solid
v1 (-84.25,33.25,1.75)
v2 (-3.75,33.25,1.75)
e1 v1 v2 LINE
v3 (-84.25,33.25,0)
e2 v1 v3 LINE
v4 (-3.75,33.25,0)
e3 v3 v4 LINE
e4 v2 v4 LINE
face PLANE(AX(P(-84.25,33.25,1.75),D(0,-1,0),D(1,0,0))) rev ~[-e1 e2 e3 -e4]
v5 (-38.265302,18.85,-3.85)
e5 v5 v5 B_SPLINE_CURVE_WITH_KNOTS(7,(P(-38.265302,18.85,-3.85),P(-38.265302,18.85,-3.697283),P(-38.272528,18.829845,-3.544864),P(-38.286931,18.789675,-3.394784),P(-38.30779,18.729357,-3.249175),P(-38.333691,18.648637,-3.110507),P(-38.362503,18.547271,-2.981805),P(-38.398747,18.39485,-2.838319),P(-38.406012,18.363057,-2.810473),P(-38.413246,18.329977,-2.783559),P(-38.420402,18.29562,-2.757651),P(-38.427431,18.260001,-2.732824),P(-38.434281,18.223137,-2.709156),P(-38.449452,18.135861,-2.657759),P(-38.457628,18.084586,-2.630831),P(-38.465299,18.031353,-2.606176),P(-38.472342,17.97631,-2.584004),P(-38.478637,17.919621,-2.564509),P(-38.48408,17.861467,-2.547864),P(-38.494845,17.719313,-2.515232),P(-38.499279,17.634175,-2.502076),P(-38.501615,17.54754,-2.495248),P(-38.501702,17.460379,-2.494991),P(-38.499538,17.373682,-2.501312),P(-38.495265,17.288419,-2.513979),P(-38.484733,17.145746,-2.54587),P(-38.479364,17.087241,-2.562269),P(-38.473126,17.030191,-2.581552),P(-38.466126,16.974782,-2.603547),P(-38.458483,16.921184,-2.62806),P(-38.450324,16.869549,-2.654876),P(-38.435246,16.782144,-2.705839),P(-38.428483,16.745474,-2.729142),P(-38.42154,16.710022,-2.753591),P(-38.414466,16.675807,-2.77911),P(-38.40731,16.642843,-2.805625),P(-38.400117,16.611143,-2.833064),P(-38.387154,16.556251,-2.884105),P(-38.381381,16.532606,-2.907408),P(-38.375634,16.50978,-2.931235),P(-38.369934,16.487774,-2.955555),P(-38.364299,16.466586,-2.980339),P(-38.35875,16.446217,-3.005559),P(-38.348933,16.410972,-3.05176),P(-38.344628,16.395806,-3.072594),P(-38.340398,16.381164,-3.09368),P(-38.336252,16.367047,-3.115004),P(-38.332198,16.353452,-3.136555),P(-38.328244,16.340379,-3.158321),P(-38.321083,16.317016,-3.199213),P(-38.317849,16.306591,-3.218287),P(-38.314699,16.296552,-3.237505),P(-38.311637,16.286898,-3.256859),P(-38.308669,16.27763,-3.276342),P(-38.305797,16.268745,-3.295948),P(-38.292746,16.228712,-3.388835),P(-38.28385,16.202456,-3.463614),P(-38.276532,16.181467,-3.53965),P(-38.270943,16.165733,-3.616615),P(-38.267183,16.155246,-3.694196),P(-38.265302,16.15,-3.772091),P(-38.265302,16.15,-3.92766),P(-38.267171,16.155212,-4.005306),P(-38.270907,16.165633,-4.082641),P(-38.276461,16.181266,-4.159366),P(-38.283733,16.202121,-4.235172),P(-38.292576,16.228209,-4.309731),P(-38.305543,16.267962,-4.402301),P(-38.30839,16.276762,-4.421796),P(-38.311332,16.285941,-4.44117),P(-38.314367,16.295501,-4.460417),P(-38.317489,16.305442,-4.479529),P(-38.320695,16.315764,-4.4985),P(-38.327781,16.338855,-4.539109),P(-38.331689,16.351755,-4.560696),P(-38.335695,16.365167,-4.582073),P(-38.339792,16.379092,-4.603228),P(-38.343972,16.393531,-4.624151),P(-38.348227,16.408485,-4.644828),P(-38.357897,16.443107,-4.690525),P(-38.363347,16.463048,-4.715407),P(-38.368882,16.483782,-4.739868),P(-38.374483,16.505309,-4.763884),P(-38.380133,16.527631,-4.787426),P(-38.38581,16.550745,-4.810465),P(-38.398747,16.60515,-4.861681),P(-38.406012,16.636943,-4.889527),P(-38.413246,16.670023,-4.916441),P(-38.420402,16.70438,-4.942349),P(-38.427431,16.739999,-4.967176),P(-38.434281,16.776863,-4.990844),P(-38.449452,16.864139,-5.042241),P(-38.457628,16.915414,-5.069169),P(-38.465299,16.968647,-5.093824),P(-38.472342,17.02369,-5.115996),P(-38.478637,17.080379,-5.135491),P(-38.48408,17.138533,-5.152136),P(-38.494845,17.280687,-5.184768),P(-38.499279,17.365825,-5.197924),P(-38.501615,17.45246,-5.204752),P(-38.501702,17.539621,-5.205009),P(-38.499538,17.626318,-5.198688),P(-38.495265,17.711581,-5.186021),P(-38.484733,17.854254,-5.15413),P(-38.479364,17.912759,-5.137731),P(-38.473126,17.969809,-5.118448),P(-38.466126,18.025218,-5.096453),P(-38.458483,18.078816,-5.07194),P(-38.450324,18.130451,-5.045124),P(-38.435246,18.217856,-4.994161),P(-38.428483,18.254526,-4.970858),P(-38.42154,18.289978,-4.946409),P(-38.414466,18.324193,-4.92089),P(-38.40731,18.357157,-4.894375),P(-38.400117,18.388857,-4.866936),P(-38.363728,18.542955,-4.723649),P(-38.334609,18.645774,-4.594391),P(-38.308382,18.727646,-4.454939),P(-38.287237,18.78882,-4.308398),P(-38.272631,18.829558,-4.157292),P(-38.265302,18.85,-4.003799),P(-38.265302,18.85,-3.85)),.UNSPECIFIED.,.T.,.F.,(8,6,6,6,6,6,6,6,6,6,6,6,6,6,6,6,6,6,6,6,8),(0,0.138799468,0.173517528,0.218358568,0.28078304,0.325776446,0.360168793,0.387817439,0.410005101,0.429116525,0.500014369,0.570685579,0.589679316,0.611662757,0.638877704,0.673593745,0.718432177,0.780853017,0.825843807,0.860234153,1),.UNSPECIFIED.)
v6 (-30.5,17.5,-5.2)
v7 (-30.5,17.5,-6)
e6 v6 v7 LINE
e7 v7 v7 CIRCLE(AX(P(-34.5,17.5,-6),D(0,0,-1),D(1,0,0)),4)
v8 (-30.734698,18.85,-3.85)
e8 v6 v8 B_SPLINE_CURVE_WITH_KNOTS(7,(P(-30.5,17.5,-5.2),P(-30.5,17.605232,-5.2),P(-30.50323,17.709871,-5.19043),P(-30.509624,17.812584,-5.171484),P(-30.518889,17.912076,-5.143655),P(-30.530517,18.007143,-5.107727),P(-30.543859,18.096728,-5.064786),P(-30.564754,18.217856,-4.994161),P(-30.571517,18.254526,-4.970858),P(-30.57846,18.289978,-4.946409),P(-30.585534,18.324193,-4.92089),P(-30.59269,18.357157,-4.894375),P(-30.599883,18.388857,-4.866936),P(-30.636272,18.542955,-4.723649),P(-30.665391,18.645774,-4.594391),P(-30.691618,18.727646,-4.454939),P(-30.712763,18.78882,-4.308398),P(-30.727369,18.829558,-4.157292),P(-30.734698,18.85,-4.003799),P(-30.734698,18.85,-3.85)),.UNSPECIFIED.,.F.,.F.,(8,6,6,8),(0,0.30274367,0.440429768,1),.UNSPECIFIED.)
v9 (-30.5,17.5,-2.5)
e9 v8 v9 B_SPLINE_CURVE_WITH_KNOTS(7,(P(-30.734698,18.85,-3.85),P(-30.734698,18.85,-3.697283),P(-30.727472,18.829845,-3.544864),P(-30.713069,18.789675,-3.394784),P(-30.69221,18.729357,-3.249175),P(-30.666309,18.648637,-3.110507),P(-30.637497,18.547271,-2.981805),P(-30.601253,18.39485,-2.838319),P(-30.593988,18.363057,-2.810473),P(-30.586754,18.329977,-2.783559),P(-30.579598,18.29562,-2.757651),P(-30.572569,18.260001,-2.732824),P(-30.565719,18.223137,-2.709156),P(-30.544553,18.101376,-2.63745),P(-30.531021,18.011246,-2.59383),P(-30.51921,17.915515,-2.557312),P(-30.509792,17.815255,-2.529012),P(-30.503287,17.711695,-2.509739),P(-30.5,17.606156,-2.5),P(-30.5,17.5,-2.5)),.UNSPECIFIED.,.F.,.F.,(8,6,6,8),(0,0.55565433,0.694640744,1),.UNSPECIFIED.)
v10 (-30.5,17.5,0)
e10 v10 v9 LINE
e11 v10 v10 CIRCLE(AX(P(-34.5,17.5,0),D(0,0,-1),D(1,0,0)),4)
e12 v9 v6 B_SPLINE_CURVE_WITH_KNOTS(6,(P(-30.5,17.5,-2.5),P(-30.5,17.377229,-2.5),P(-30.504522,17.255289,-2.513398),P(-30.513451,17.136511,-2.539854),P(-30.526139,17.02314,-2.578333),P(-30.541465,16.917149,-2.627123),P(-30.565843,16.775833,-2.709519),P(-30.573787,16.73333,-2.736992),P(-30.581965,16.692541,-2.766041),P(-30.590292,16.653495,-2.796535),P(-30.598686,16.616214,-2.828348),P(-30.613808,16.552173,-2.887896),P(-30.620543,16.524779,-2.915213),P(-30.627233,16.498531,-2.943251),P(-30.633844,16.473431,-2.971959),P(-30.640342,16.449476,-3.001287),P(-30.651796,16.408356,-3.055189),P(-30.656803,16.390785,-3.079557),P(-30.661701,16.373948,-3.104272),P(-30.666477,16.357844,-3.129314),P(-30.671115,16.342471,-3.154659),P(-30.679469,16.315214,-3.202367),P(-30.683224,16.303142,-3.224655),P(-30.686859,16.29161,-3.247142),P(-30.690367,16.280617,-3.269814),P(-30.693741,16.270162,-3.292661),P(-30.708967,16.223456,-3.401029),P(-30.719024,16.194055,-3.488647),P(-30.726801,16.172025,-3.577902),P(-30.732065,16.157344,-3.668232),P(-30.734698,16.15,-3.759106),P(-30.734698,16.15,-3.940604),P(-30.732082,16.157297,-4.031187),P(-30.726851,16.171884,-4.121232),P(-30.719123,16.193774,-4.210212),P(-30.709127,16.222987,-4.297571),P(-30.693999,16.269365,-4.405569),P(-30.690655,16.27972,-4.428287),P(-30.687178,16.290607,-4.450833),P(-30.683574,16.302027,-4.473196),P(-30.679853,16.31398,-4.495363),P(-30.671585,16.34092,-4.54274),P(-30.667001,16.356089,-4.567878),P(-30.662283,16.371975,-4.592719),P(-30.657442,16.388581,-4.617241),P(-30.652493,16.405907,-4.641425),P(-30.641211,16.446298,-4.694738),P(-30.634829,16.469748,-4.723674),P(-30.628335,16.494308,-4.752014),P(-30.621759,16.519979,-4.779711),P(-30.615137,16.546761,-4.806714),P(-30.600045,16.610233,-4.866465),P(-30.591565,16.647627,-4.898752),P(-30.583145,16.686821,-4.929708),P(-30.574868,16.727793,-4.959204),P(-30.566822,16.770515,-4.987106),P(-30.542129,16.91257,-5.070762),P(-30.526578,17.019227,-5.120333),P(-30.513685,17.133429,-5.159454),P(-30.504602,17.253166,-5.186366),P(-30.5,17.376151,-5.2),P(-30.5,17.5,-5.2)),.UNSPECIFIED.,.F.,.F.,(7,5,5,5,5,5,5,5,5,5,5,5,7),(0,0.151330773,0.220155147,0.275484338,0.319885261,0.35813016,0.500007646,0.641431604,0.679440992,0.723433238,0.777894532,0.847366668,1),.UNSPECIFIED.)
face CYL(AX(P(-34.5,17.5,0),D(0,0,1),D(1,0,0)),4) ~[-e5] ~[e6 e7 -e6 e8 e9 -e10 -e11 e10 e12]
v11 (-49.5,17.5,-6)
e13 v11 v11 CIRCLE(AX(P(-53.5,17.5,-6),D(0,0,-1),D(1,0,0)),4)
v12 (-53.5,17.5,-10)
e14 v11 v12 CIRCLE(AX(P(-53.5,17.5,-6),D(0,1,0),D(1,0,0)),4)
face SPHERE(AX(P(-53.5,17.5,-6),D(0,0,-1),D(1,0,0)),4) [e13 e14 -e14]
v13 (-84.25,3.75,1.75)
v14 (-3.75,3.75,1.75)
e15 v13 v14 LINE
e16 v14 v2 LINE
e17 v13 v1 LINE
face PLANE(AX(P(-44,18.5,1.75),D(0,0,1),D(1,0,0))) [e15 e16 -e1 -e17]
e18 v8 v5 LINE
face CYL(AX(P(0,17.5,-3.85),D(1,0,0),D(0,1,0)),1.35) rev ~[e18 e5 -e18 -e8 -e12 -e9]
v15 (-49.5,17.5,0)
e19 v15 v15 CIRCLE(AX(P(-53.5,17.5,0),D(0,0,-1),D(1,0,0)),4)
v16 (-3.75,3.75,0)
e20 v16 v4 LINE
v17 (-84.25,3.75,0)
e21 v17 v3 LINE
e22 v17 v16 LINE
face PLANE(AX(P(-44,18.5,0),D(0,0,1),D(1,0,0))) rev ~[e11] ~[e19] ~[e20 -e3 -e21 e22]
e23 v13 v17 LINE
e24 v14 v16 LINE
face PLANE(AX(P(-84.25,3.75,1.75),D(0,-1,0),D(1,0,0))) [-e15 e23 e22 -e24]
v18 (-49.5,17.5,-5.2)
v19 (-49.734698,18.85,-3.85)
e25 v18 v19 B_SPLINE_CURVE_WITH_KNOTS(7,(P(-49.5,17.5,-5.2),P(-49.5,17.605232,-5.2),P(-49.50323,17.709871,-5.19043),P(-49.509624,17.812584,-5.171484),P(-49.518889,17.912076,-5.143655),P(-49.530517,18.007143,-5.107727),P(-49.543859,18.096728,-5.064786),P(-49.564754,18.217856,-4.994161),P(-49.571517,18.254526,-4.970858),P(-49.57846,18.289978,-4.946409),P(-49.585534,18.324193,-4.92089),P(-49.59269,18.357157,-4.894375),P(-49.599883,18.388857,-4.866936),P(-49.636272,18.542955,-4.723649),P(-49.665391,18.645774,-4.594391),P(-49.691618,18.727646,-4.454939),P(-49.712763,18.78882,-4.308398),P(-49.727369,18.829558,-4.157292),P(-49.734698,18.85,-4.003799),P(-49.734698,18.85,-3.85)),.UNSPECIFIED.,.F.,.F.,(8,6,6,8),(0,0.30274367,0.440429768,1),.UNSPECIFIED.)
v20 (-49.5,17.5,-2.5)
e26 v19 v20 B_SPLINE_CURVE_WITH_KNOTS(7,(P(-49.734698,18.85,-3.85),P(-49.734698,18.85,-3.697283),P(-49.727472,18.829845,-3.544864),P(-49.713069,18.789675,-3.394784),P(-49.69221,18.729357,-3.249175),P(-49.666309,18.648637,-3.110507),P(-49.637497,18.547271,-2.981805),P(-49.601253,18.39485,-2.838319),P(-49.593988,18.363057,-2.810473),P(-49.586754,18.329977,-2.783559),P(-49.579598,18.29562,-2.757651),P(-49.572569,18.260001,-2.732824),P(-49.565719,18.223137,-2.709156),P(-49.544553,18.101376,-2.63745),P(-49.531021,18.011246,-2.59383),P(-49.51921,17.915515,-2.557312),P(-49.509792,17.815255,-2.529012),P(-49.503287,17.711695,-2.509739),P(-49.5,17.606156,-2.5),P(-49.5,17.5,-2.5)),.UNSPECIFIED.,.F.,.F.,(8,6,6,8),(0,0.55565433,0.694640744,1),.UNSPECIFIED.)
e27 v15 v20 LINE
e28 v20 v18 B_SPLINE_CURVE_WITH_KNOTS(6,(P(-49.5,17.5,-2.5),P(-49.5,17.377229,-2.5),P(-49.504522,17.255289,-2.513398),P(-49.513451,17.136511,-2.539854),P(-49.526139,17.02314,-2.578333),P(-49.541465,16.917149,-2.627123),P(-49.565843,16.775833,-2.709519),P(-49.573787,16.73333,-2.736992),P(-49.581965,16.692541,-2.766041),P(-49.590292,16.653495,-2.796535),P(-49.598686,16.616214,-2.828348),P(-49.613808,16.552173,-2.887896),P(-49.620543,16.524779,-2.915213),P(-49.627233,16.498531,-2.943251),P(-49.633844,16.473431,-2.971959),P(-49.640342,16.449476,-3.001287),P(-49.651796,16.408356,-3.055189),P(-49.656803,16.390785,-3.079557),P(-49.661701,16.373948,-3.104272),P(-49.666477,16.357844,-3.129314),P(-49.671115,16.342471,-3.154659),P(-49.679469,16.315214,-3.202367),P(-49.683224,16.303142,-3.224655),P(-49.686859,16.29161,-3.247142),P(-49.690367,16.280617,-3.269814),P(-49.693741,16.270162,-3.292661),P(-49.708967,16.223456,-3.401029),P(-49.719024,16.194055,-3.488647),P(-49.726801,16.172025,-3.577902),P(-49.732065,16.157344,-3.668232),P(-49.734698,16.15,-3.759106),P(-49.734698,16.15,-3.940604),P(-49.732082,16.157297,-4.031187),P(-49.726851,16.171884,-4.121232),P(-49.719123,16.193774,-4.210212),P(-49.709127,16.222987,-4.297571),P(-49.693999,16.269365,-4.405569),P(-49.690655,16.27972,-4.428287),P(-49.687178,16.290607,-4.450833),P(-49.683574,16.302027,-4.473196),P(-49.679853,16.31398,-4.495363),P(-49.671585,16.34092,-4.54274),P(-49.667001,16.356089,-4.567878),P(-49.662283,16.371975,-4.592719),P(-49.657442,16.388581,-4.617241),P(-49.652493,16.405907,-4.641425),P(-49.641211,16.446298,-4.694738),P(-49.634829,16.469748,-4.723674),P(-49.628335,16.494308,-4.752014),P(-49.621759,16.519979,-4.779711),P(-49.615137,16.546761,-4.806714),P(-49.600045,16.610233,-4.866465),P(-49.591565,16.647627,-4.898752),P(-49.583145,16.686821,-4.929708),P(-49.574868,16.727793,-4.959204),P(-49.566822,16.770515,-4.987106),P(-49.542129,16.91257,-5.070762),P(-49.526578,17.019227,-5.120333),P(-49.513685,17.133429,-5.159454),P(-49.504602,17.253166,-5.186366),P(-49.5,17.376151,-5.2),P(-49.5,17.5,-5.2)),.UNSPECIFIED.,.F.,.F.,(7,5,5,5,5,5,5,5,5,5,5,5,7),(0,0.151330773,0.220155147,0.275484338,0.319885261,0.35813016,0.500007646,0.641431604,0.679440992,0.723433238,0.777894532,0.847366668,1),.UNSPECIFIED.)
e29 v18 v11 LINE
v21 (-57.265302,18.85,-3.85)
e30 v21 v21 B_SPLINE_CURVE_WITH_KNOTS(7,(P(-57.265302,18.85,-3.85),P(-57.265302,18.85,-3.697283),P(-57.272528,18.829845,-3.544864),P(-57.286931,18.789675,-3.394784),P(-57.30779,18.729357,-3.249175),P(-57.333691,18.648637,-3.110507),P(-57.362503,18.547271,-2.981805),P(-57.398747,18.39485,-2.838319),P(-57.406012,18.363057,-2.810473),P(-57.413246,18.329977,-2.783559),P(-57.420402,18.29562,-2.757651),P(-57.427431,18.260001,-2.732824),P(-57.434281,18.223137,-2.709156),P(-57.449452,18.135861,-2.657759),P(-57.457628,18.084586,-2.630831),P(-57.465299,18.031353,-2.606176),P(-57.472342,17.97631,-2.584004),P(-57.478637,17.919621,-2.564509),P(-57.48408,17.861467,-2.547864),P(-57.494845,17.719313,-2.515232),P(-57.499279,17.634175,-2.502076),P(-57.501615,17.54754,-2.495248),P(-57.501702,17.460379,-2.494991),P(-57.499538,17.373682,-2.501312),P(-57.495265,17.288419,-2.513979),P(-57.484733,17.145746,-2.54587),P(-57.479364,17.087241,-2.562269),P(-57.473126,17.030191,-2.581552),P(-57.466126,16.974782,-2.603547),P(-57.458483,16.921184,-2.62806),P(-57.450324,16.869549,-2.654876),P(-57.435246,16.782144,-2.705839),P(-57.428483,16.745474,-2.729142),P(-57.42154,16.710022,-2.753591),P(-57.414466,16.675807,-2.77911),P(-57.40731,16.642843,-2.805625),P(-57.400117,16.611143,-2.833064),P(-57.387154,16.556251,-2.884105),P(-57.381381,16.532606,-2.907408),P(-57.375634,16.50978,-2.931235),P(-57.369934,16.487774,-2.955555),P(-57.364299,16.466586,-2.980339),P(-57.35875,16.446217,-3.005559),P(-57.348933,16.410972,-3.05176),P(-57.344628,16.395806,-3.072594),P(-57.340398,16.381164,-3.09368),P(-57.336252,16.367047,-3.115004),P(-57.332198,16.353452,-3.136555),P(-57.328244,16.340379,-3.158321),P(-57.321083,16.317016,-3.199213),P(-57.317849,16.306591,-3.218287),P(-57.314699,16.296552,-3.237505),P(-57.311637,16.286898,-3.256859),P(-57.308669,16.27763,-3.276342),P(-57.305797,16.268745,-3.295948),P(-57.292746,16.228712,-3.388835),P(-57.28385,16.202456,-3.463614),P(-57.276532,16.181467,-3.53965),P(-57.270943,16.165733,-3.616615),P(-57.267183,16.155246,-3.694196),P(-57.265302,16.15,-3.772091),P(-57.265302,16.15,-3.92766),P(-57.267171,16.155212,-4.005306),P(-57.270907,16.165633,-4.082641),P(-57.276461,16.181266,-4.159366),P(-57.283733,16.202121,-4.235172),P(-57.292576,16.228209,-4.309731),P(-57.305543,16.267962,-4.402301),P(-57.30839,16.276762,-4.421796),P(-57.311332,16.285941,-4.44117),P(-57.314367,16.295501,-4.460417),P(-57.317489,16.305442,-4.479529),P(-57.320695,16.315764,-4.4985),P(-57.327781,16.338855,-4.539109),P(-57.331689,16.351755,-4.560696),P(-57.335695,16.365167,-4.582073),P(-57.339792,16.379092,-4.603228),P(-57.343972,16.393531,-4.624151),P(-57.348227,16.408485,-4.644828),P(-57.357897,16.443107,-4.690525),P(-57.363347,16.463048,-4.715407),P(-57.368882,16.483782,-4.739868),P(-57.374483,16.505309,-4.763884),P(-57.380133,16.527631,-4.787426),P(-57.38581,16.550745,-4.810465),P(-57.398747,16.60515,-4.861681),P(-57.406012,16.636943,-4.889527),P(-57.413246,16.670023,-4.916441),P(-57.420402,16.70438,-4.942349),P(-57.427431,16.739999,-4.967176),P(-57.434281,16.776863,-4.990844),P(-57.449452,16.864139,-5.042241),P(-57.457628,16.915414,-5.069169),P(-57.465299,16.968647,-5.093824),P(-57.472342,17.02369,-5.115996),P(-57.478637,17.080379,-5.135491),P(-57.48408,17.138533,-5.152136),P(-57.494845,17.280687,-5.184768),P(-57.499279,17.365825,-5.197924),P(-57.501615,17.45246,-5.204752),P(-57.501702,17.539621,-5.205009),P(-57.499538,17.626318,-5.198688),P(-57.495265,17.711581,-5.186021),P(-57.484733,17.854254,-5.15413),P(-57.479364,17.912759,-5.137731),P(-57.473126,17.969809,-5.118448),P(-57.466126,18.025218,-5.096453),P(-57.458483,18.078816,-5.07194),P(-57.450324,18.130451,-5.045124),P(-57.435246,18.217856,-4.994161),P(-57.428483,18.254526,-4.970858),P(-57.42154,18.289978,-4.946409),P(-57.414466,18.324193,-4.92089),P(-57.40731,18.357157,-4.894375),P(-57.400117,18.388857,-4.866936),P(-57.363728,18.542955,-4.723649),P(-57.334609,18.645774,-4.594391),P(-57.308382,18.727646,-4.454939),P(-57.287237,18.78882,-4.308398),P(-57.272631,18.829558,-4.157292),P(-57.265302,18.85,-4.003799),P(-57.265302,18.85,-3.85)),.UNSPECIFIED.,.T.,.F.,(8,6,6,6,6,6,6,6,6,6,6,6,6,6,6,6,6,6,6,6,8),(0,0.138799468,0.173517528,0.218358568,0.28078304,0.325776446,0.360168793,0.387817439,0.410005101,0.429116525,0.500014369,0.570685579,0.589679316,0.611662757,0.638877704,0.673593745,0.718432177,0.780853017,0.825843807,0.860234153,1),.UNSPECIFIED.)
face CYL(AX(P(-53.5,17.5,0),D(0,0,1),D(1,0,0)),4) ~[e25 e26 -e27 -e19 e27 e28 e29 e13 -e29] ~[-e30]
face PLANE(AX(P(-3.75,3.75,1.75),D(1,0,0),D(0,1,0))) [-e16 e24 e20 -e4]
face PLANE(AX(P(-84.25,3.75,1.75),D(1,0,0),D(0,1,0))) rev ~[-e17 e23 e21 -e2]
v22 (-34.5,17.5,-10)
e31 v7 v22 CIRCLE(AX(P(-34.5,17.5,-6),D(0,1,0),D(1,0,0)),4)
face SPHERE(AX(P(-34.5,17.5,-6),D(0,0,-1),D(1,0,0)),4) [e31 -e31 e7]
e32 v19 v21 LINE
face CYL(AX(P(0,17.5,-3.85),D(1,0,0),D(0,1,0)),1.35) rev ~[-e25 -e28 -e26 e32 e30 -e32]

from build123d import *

# Parameters (mm, degrees)
F0_W      = 88
F0_H      = 37
F1_DEPTH  = 1.75
F2_W      = 80.5
F2_H      = 29.5
F3_DEPTH  = 1.5
F4_R      = 4
F5_DEPTH  = 10
F6_R      = 4
F7_R      = 1.35
F8_DEPTH  = 88.001
F9_R      = 3
F10_DEPTH = 25


with BuildPart() as f1:
    # F0 (on Top) → F1 (new body)
    with BuildSketch(Plane.XY):
        with Locations((-44, 18.5)):
            Rectangle(F0_W, F0_H)
    extrude(amount=F1_DEPTH)

    # F2 (on face) → F3 (join)
    with BuildSketch(Plane.XY.offset(1.75)):
        with Locations((-44, 18.5)):
            Rectangle(F2_W, F2_H)
    extrude(amount=F3_DEPTH)

    # F4 (on face) → F5 (join)
    with BuildSketch(Plane(origin=(0, 0, 0), x_dir=(1, 0, 0), z_dir=(0, 0, -1))):
        with Locations((-53.5, -17.5)):
            Circle(F4_R)
        with Locations((-34.5, -17.5)):
            Circle(F4_R)
    extrude(amount=F5_DEPTH)

    # F6
    f6_edges = [f1.edges().sort_by_distance(p)[0] for p in [
        (-57.5, 17.5, -10),
        (-38.5, 17.5, -10),
    ]]
    fillet(f6_edges, radius=F6_R)

    # F7 (on face) → F8 (cut, through all)
    with BuildSketch(Plane.YZ):
        with Locations((17.5, -3.85)):
            Circle(F7_R)
    extrude(amount=-F8_DEPTH, mode=Mode.SUBTRACT)

    # F9
    f9_edges = [f1.edges().sort_by_distance(p)[0] for p in [
        (-88, 0, 0.875),
        (-88, 37, 0.875),
        (0, 37, 0.875),
        (0, 0, 0.875),
    ]]
    fillet(f9_edges, radius=F9_R)

    # F2 (on face) → F10 (intersect)
    with BuildSketch(Plane.XY.offset(1.75)):
        with Locations((-44, 18.5)):
            Rectangle(F2_W, F2_H)
    extrude(amount=-F10_DEPTH, mode=Mode.INTERSECT)


solid = f1.part
